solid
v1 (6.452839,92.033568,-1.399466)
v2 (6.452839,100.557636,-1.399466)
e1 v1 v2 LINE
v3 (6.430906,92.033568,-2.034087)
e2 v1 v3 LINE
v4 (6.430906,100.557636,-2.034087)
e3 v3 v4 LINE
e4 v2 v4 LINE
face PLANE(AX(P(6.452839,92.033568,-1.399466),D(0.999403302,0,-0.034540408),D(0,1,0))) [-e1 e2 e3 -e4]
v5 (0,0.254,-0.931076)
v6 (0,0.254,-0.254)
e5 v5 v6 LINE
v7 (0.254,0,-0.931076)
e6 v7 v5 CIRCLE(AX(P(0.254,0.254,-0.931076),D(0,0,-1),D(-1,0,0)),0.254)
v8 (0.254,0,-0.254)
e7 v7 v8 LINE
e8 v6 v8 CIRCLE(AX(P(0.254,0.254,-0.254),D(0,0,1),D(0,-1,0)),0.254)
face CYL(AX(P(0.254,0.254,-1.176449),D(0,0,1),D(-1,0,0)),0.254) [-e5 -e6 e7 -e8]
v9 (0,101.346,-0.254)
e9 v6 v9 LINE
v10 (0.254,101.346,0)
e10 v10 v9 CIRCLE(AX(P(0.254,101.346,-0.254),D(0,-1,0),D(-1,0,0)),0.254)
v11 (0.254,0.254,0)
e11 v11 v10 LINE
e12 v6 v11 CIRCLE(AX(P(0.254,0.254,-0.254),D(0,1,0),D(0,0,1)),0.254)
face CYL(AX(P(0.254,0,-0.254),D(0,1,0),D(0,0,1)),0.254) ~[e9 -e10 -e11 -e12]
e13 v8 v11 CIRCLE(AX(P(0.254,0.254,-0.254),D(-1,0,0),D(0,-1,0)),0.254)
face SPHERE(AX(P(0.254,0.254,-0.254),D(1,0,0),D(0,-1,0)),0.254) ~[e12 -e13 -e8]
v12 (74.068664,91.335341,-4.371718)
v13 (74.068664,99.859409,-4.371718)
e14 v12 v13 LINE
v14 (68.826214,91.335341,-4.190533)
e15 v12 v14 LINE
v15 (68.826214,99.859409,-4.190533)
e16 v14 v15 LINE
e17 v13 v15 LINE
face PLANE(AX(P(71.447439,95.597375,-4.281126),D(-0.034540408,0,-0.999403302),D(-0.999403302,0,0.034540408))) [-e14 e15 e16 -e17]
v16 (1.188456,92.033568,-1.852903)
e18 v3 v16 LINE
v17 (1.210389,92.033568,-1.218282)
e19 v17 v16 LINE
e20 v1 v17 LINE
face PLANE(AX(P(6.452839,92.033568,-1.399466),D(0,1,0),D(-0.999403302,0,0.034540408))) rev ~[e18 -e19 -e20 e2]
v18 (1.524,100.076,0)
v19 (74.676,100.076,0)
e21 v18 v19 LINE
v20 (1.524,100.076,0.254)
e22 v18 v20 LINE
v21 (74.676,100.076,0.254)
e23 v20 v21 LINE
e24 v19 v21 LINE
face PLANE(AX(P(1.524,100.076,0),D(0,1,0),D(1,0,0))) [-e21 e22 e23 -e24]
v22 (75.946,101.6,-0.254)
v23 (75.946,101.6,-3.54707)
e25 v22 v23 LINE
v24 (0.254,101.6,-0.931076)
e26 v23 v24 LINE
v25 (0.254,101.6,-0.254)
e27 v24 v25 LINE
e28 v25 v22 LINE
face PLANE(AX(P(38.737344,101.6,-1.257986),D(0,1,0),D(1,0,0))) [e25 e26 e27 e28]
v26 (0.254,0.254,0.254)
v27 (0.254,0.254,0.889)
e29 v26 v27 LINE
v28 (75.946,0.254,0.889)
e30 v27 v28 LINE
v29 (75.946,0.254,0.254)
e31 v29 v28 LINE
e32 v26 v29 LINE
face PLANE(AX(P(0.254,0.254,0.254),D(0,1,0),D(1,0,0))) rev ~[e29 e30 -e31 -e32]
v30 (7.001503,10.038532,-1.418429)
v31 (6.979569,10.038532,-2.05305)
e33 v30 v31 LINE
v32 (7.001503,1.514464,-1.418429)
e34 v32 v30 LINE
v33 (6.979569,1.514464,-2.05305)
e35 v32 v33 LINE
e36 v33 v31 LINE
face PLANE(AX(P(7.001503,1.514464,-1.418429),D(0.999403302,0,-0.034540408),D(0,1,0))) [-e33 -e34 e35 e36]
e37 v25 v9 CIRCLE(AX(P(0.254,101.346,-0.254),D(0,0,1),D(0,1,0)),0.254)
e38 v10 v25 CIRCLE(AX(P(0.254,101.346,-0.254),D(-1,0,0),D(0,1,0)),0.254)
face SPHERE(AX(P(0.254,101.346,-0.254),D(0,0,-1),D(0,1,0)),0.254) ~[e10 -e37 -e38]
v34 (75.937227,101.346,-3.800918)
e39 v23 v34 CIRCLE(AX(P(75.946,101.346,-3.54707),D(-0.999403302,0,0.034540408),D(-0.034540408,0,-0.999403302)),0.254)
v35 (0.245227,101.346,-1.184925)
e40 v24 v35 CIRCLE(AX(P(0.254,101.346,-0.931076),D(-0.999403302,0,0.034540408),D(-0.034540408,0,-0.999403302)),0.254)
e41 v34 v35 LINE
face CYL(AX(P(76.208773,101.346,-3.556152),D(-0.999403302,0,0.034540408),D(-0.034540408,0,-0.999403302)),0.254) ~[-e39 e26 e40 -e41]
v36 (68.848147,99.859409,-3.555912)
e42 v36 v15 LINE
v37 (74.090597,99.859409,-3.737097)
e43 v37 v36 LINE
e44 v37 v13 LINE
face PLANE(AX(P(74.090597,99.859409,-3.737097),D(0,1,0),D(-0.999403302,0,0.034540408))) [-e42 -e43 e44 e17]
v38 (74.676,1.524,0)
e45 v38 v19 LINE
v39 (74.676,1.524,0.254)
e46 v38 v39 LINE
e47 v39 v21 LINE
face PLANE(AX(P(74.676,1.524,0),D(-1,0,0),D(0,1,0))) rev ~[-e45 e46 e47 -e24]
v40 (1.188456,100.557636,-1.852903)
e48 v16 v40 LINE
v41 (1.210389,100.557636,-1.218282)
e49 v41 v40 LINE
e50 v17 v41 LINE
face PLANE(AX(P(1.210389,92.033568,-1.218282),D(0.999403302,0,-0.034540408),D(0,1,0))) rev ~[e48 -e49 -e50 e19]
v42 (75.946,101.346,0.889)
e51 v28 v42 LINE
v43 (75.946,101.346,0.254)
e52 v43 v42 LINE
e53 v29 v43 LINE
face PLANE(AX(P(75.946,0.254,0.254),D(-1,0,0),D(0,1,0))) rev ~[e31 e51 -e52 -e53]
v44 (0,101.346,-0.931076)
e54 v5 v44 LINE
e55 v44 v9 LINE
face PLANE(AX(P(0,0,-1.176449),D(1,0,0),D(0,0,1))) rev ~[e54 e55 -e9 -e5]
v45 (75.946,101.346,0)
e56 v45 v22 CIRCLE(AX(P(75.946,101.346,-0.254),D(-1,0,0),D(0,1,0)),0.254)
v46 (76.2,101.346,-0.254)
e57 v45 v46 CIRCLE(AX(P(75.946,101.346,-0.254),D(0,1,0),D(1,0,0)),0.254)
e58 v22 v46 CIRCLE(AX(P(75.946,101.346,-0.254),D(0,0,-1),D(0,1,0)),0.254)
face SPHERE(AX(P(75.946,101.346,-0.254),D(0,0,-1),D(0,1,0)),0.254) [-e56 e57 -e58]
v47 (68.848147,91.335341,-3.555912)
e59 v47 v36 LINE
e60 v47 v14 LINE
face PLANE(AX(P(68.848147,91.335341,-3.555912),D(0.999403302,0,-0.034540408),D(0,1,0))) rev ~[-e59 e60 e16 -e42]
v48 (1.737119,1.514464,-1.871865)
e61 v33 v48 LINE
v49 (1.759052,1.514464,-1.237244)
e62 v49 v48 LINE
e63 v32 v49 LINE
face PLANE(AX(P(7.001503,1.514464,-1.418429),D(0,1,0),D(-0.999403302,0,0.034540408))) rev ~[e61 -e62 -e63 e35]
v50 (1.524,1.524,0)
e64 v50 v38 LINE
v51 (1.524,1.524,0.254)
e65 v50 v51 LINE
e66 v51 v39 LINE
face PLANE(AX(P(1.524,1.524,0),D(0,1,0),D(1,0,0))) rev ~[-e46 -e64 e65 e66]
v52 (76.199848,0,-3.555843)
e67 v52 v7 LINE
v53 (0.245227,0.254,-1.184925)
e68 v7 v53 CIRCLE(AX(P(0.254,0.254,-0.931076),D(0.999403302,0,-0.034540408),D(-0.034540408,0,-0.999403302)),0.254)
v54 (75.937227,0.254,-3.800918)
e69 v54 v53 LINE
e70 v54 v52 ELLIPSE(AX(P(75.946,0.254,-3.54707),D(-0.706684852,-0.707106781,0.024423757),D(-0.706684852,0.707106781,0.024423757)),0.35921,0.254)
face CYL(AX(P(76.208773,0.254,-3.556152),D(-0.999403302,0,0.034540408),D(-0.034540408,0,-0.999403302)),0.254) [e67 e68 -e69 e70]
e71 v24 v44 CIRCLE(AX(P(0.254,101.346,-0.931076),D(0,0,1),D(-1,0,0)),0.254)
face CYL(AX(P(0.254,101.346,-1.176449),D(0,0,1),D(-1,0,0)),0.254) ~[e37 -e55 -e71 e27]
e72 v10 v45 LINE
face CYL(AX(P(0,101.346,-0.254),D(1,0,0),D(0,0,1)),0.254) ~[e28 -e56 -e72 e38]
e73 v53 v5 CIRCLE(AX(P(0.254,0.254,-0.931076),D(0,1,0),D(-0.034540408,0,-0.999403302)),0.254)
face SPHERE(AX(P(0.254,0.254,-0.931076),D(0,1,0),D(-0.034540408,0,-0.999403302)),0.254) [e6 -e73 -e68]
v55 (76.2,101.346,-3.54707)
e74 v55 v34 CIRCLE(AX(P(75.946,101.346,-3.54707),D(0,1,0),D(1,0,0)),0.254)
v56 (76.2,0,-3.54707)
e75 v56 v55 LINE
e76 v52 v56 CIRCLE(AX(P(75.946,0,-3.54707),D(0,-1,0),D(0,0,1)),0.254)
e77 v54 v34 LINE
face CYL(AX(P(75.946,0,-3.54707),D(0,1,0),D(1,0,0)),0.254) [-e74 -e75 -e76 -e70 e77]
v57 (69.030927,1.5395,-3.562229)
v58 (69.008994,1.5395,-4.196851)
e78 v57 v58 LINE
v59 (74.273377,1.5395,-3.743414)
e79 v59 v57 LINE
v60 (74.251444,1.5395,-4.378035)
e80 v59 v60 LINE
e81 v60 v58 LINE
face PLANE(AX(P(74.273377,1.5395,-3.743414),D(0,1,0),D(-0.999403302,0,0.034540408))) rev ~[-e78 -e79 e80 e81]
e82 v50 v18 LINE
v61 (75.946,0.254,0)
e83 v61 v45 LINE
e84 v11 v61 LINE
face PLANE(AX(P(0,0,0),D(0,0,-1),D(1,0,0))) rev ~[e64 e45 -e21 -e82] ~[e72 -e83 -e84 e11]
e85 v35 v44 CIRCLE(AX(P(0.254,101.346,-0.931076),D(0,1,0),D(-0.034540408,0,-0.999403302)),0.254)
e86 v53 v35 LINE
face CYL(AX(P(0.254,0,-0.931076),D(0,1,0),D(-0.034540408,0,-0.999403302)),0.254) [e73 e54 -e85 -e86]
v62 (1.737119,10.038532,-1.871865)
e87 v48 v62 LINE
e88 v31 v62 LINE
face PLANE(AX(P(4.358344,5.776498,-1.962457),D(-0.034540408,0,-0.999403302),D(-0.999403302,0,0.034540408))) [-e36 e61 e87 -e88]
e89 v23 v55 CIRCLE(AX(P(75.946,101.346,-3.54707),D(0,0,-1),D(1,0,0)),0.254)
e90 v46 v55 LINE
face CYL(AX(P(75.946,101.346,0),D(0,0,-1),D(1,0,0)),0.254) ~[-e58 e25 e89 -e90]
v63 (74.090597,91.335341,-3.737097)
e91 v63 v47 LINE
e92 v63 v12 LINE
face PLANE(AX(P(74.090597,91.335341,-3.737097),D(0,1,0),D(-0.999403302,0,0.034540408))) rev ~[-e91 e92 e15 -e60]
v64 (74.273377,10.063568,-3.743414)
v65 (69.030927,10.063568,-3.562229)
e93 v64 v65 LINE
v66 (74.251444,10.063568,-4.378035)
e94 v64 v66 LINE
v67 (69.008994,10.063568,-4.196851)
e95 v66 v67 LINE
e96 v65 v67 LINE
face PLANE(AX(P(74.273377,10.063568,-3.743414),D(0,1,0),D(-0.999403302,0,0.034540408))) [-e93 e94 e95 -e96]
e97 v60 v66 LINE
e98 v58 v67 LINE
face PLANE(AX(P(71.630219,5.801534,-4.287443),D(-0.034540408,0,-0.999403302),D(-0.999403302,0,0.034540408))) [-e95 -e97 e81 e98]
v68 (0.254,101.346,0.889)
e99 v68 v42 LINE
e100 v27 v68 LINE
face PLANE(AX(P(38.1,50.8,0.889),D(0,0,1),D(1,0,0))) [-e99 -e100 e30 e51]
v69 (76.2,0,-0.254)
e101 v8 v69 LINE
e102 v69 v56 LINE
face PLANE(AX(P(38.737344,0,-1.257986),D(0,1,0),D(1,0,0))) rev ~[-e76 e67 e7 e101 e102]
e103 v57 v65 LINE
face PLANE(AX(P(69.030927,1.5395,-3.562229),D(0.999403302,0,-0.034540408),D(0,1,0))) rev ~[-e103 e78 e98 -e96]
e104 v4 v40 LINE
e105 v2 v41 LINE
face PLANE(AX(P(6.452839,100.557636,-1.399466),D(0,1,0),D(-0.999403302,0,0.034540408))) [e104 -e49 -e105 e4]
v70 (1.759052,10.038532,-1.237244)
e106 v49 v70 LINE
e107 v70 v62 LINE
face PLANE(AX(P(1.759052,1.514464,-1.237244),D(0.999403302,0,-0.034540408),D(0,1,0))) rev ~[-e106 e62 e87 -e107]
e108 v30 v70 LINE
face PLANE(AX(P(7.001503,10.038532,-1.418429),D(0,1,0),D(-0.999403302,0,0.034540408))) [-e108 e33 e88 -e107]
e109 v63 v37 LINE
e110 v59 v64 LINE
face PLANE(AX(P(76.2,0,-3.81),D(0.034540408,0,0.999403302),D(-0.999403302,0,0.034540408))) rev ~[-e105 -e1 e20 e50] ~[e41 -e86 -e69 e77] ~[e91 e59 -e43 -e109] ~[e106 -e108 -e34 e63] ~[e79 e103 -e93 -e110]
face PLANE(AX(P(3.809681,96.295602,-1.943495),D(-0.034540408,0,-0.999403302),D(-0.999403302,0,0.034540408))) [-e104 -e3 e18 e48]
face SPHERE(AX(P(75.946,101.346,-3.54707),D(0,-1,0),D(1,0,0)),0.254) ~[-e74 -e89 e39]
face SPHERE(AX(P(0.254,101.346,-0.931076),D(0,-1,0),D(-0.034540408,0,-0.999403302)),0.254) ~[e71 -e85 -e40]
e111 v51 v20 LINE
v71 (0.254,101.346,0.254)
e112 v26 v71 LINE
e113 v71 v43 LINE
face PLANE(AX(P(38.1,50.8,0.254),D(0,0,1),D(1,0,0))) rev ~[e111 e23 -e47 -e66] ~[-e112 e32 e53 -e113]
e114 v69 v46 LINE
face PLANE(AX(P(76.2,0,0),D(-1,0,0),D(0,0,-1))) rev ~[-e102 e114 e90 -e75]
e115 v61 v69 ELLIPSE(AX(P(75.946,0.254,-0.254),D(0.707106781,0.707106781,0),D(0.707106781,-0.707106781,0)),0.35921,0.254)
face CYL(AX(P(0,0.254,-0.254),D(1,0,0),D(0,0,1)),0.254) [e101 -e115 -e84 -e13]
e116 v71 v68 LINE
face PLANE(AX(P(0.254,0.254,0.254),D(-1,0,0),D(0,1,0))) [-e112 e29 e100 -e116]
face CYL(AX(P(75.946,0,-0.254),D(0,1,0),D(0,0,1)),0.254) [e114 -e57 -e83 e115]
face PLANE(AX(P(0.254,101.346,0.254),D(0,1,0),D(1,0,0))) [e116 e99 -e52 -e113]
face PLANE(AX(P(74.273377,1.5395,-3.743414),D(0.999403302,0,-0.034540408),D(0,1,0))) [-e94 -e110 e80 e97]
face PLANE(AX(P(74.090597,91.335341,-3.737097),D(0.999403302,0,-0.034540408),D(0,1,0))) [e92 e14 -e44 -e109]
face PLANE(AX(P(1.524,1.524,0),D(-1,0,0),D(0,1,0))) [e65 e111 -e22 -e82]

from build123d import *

# Parameters (mm, degrees)
BOSS_EXTRUDE1_DEPTH = 101.6
FILLET1_R           = 0.254
SKETCH3_W           = 73.152
SKETCH3_H           = 98.552
BOSS_EXTRUDE2_DEPTH = 0.254
SKETCH4_W           = 75.692
SKETCH4_H           = 101.092
BOSS_EXTRUDE3_DEPTH = 0.635
SKETCH5_W           = 5.245580378
SKETCH5_H           = 8.524068114
SKETCH5_H_2         = 8.524068115
SKETCH5_W_2         = 5.245580379
BOSS_EXTRUDE4_DEPTH = 0.635


with BuildPart() as part:
    # Sketch1 → Boss-Extrude1 (new body)
    with BuildSketch(Plane(origin=(0, 0, 0), x_dir=(1, 0, 0), z_dir=(0, 1, 0))):
        Polygon((0, 0), (76.2, 0), (76.2, 3.81), (0, 1.1764495), align=None)
    extrude(amount=BOSS_EXTRUDE1_DEPTH)

    # Fillet1
    fillet1_edges = [part.edges().sort_by_distance(p)[0] for p in [
        (76.2, 101.6, -1.905),
        (38.1, 101.6, -2.49322475),
        (0, 101.6, -0.58822475),
        (38.1, 0, -2.49322475),
        (38.1, 0, 0),
        (0, 0, -0.58822475),
        (38.1, 101.6, 0),
        (0, 50.8, -1.1764495),
        (76.2, 50.8, -3.81),
        (76.2, 50.8, 0),
        (0, 50.8, 0),
    ]]
    fillet(fillet1_edges, radius=FILLET1_R)

    # Sketch3 → Boss-Extrude2 (add)
    with BuildSketch(Plane.XY):
        with Locations((38.1, 50.8)):
            Rectangle(SKETCH3_W, SKETCH3_H)
    extrude(amount=BOSS_EXTRUDE2_DEPTH)

    # Sketch4 → Boss-Extrude3 (add)
    with BuildSketch(Plane.XY.offset(0.254)):
        with Locations((38.1, 50.8)):
            Rectangle(SKETCH4_W, SKETCH4_H)
    extrude(amount=BOSS_EXTRUDE3_DEPTH)

    # Sketch5 → Boss-Extrude4 (add)
    with BuildSketch(Plane(origin=(-0.040610799, 0, -1.175045949), x_dir=(-0.9994033020943162, 0, 0.034540407684001274), z_dir=(-0.034540407684001274, 0, -0.9994033020943162))):
        with Locations((-3.874536836, 96.295602006)):
            Rectangle(SKETCH5_W, SKETCH5_H)
        with Locations((-71.552678444, 95.59737493)):
            Rectangle(SKETCH5_W, SKETCH5_H_2)
        with Locations((-71.735567304, 5.801534056)):
            Rectangle(SKETCH5_W, SKETCH5_H_2)
        with Locations((-4.423527668, 5.776498119)):
            Rectangle(SKETCH5_W_2, SKETCH5_H)
    extrude(amount=BOSS_EXTRUDE4_DEPTH)


solid = part.part
